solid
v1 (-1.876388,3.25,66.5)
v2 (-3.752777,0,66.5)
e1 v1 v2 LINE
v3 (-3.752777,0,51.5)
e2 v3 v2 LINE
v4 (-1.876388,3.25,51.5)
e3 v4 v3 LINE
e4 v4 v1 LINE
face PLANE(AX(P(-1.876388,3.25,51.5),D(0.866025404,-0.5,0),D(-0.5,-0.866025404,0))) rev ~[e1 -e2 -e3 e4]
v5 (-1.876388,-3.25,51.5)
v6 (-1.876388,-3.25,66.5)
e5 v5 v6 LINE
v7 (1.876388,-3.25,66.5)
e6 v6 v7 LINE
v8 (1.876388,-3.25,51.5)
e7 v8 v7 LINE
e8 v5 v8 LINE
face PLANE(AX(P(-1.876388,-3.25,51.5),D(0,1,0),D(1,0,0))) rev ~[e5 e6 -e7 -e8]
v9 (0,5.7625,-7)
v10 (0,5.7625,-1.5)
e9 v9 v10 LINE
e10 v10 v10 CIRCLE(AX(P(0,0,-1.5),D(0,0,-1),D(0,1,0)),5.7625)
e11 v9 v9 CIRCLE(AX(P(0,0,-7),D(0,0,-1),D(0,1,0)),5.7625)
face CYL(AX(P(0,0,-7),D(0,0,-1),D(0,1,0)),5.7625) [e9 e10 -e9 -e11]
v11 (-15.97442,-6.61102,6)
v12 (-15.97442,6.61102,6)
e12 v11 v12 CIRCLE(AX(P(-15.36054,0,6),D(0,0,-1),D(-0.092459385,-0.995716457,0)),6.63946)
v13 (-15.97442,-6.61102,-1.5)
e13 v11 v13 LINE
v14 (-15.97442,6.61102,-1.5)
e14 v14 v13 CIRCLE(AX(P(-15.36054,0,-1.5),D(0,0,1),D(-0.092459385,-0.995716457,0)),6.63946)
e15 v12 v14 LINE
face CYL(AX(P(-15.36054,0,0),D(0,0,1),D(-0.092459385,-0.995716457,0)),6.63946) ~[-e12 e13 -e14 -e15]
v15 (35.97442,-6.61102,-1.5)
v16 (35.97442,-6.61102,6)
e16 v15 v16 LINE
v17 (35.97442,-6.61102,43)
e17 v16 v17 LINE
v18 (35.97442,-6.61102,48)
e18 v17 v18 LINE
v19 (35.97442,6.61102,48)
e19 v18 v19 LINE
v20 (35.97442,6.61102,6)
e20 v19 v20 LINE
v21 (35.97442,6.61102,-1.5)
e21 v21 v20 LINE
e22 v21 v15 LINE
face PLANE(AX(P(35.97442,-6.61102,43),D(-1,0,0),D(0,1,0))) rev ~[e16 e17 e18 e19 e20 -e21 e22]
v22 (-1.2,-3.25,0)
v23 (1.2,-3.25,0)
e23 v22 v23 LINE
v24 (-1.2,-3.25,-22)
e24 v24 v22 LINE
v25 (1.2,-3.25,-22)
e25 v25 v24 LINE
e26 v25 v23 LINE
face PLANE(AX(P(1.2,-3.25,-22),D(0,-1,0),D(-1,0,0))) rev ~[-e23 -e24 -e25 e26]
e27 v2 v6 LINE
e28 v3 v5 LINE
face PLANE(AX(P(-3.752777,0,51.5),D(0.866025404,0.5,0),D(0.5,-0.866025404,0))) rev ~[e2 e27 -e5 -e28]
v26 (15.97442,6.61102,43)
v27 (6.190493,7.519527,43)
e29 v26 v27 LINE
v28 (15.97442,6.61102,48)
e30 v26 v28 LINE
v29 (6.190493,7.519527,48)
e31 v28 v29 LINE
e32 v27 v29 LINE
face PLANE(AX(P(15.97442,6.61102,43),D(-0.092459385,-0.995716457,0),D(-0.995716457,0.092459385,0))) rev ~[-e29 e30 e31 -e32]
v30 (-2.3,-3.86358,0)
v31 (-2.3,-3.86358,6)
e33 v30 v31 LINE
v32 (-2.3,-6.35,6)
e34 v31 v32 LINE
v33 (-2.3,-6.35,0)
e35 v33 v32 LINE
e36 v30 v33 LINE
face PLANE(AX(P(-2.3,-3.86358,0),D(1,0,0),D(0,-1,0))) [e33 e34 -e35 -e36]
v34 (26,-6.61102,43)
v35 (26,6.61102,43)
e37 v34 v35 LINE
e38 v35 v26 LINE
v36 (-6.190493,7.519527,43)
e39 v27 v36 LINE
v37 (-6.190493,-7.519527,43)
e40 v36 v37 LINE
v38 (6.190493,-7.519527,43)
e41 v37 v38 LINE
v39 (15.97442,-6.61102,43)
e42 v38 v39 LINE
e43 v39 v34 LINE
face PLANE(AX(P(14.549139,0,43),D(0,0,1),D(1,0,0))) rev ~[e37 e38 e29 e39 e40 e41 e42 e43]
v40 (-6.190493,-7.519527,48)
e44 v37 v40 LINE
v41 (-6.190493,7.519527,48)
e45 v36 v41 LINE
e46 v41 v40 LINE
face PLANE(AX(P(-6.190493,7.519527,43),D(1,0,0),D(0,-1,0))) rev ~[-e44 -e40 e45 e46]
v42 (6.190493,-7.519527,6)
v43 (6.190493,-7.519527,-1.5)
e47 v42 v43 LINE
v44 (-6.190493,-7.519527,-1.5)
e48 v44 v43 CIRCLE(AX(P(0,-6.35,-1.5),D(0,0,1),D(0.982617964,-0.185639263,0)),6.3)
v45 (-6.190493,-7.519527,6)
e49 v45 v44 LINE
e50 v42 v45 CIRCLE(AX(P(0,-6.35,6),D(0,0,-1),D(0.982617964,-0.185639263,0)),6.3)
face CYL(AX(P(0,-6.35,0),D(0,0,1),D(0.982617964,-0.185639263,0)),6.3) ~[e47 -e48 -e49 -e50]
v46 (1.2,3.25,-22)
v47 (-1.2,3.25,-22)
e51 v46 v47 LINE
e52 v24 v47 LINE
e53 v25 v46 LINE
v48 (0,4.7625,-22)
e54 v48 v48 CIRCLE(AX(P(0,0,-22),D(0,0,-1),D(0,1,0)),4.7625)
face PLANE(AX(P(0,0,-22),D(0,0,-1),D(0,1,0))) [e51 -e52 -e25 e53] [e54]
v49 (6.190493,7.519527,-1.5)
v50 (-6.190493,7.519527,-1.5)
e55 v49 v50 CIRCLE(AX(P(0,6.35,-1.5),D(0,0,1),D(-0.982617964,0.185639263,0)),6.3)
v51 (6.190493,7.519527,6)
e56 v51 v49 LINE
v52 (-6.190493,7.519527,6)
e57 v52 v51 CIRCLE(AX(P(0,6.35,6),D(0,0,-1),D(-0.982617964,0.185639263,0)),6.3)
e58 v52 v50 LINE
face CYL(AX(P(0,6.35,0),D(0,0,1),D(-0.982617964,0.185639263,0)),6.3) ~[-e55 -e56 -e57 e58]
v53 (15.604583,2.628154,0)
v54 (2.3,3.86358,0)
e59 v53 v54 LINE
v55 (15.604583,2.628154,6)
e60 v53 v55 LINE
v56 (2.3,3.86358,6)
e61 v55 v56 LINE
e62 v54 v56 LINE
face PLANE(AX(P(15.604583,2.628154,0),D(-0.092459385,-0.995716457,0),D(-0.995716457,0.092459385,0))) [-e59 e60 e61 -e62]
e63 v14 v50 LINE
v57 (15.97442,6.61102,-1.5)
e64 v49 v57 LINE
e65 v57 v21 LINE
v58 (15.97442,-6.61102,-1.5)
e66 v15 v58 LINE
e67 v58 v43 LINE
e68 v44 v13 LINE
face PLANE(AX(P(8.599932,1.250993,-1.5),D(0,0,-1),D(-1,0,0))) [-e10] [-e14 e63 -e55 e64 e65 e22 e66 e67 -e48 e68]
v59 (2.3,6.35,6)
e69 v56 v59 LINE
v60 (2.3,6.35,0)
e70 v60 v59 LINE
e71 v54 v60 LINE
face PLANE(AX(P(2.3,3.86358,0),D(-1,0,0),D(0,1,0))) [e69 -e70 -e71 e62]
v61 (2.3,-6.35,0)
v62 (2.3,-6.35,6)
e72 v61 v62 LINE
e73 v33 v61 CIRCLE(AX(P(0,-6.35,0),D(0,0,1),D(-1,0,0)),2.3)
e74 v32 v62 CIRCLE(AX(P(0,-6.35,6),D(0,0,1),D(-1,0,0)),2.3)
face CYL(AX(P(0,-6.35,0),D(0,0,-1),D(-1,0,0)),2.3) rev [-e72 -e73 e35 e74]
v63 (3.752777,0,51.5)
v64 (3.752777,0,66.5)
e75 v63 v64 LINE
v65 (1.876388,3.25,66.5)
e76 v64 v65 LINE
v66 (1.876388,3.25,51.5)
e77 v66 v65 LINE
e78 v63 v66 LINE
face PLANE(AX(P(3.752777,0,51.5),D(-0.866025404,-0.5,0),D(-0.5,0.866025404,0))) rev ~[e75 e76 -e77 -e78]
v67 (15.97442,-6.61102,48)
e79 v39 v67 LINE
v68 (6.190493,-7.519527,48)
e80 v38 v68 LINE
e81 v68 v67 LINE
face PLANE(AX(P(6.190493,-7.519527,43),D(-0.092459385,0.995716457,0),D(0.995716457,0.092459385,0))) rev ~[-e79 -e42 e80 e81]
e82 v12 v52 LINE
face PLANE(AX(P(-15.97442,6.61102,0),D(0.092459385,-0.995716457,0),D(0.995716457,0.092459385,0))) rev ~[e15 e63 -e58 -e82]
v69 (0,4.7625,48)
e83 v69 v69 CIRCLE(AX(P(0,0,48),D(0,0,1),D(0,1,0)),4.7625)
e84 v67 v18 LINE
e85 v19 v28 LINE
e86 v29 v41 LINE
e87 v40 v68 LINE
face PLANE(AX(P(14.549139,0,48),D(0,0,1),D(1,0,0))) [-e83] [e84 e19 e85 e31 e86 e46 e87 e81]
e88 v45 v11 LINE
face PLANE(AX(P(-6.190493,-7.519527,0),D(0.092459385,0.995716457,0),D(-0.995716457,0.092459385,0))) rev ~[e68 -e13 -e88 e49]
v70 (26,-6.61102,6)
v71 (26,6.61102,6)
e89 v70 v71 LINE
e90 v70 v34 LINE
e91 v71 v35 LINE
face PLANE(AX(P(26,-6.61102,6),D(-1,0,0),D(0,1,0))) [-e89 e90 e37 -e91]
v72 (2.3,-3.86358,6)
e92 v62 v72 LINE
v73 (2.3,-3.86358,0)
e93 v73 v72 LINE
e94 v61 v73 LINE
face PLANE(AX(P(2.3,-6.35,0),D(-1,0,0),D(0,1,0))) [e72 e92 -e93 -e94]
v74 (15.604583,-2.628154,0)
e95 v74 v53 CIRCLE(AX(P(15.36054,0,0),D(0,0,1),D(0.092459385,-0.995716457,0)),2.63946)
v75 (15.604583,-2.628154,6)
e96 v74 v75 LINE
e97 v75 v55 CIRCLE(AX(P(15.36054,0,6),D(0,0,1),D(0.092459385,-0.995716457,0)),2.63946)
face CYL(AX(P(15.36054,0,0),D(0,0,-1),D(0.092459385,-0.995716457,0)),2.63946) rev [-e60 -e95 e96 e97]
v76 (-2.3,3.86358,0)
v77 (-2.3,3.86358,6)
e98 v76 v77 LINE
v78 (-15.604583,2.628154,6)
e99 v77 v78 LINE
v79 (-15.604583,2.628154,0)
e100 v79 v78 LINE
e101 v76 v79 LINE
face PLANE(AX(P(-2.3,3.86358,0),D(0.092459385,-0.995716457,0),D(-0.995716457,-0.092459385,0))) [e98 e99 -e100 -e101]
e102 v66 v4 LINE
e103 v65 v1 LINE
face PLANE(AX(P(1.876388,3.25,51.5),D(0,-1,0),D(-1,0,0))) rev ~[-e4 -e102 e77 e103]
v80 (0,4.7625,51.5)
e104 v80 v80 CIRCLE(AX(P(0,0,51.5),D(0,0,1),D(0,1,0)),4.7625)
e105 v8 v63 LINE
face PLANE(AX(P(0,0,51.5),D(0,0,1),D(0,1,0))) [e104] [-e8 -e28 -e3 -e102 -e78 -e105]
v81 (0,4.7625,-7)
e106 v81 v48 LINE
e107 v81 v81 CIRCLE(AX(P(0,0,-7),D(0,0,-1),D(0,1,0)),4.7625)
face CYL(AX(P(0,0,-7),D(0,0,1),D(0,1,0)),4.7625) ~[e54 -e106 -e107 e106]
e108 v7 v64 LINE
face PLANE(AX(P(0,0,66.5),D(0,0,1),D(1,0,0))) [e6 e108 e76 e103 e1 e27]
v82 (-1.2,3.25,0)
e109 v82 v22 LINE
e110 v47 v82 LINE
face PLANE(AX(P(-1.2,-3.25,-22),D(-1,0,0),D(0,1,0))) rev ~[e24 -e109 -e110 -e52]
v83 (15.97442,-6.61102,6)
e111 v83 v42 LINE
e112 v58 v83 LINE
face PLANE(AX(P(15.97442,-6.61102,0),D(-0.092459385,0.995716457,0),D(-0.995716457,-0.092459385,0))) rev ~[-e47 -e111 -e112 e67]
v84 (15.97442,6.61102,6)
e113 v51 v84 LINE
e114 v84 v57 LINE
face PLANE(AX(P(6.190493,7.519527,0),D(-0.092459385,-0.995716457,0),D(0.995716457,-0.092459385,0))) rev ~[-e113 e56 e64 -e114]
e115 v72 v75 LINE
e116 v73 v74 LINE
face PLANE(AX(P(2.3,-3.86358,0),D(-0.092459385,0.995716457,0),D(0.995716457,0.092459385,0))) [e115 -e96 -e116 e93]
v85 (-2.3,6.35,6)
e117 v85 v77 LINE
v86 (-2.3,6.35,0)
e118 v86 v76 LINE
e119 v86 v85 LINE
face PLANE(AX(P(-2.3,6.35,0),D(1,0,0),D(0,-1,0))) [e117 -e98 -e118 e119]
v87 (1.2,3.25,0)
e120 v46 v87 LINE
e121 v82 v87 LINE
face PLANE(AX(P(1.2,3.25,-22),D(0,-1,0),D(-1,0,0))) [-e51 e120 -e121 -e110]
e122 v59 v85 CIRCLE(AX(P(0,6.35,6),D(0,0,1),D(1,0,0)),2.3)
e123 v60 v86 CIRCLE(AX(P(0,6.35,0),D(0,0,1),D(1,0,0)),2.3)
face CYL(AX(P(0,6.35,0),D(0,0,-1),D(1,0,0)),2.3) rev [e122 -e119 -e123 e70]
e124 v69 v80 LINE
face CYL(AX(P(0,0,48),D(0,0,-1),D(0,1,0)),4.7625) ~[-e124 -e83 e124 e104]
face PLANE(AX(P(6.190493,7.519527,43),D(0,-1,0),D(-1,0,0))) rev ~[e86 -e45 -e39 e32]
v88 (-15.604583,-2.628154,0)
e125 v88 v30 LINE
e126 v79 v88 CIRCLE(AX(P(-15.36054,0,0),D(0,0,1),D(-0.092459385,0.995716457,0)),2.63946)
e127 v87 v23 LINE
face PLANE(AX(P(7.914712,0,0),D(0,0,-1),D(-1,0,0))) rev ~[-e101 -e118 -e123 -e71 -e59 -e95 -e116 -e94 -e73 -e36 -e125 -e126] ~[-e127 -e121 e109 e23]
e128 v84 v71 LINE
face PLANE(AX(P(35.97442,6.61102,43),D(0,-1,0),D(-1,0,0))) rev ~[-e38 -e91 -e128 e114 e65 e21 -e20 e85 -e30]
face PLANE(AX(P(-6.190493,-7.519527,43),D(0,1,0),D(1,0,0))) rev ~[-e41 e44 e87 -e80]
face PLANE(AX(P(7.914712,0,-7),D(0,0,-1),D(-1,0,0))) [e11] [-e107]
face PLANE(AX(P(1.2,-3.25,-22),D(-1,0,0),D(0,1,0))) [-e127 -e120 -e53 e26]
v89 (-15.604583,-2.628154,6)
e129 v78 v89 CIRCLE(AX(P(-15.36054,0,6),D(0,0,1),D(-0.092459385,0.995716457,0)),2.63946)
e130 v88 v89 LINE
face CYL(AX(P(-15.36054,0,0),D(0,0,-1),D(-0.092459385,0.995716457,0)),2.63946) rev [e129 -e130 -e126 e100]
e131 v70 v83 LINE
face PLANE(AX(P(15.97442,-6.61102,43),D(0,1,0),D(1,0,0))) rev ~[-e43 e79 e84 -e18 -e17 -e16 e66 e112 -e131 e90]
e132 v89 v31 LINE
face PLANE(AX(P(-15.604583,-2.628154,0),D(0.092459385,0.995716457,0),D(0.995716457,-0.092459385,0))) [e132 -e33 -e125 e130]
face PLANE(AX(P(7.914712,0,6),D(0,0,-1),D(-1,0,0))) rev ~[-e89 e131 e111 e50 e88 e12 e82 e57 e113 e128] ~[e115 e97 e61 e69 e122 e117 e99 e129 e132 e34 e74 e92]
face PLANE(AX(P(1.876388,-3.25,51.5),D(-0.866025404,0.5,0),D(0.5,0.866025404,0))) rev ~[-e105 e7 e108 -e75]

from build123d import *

# Parameters (mm, degrees)
BOSS_EXTRUDE1_DEPTH = 6
BOSS_EXTRUDE2_DEPTH = 7
SKETCH4_R           = 4.7625
BOSS_EXTRUDE3_DEPTH = 15
CUT_EXTRUDE1_REACH  = 30
SKETCH5_W           = 2.4
SKETCH5_H           = 6.5
SKETCH8_W           = 9.974420143
SKETCH8_H           = 13.222039712
BOSS_EXTRUDE4_DEPTH = 37
BOSS_EXTRUDE5_DEPTH = 5
SKETCH12_R          = 4.7625
BOSS_EXTRUDE6_DEPTH = 3.5
BOSS_EXTRUDE7_DEPTH = 15
SKETCH14_W          = 83.87720003
SKETCH14_H          = 67.677452278
SKETCH14_R          = 5.7625
CUT_EXTRUDE2_DEPTH  = 5.5


with BuildPart() as part:
    # Sketch2 → Boss-Extrude1 (new body)
    with BuildSketch(Plane.XY):
        with BuildLine():
            Line((15.974420143, 6.611019856), (35.974420143, 6.611019856))
            Line((35.974420143, 6.611019856), (35.974420143, -6.611019856))
            Line((35.974420143, -6.611019856), (15.974420143, -6.611019856))
            Line((15.974420143, -6.611019856), (6.190493175, -7.51952736))
            ThreePointArc((6.190493175, -7.51952736), (0, -12.65), (-6.190493175, -7.51952736))
            Line((-6.190493175, -7.51952736), (-15.974420143, -6.611019856))
            ThreePointArc((-15.974420143, -6.611019856), (-22, 0), (-15.974420143, 6.611019856))
            Line((-15.974420143, 6.611019856), (-6.190493175, 7.51952736))
            ThreePointArc((-6.190493175, 7.51952736), (0, 12.65), (6.190493175, 7.51952736))
            Line((6.190493175, 7.51952736), (15.974420143, 6.611019856))
        make_face()
        with BuildLine():
            Line((15.604582602, 2.62815403), (2.3, 3.863579557))
            Line((2.3, 3.863579557), (2.3, 6.35))
            ThreePointArc((2.3, 6.35), (0, 8.65), (-2.3, 6.35))
            Line((-2.3, 6.35), (-2.3, 3.863579557))
            Line((-2.3, 3.863579557), (-15.604582602, 2.62815403))
            ThreePointArc((-15.604582602, 2.62815403), (-18, 0), (-15.604582602, -2.62815403))
            Line((-15.604582602, -2.62815403), (-2.3, -3.863579557))
            Line((-2.3, -3.863579557), (-2.3, -6.35))
            ThreePointArc((-2.3, -6.35), (0, -8.65), (2.3, -6.35))
            Line((2.3, -6.35), (2.3, -3.863579557))
            Line((2.3, -3.863579557), (15.604582602, -2.62815403))
            ThreePointArc((15.604582602, -2.62815403), (18, 0), (15.604582602, 2.62815403))
        make_face(mode=Mode.SUBTRACT)
    extrude(amount=BOSS_EXTRUDE1_DEPTH)

    # Sketch3 → Boss-Extrude2 (add)
    with BuildSketch(Plane(origin=(0, 0, 0), x_dir=(-1, 0, 0), z_dir=(0, 0, -1))):
        with BuildLine():
            Line((-15.974420143, -6.611019856), (-6.190493175, -7.51952736))
            ThreePointArc((-6.190493175, -7.51952736), (0, -12.65), (6.190493175, -7.51952736))
            Line((6.190493175, -7.51952736), (15.974420143, -6.611019856))
            ThreePointArc((15.974420143, -6.611019856), (22, 0), (15.974420143, 6.611019856))
            Line((15.974420143, 6.611019856), (6.190493175, 7.51952736))
            ThreePointArc((6.190493175, 7.51952736), (0, 12.65), (-6.190493175, 7.51952736))
            Line((-6.190493175, 7.51952736), (-15.974420143, 6.611019856))
            Line((-15.974420143, 6.611019856), (-35.974420143, 6.611019856))
            Line((-35.974420143, 6.611019856), (-35.974420143, -6.611019856))
            Line((-35.974420143, -6.611019856), (-15.974420143, -6.611019856))
        make_face()
    extrude(amount=BOSS_EXTRUDE2_DEPTH)

    # Sketch4 → Boss-Extrude3 (add)
    with BuildSketch(Plane(origin=(0, 0, -7), x_dir=(-1, 0, 0), z_dir=(0, 0, -1))):
        with Locations(Location((0, 0, 0), (0, 0, 90))):  # turned: the seam where the file's is
            Circle(SKETCH4_R)
    extrude(amount=BOSS_EXTRUDE3_DEPTH)

    # Sketch5 → Cut-Extrude1 (cut, up to next)
    with BuildSketch(Plane(origin=(0, 0, -22), x_dir=(-1, 0, 0), z_dir=(0, 0, -1)), mode=Mode.PRIVATE) as cut_extrude1_sk1:
        Rectangle(SKETCH5_W, SKETCH5_H)
    cut_extrude1_tool1 = extrude(cut_extrude1_sk1.sketch, amount=-CUT_EXTRUDE1_REACH, mode=Mode.PRIVATE) & part.part
    add(cut_extrude1_tool1.solids().sort_by_distance((0, 0, -22))[0], mode=Mode.SUBTRACT)

    # Sketch8 → Boss-Extrude4 (add)
    with BuildSketch(Plane.XY.offset(6)):
        with Locations((30.987210072, 0)):
            Rectangle(SKETCH8_W, SKETCH8_H)
    extrude(amount=BOSS_EXTRUDE4_DEPTH)

    # Sketch10 → Boss-Extrude5 (add)
    with BuildSketch(Plane.XY.offset(43)):
        Polygon((35.974420143, 6.611019856), (15.974420143, 6.611019856), (6.190493175, 7.51952736), (-6.190493175, 7.51952736), (-6.190493175, -7.51952736), (6.190493175, -7.51952736), (15.974420143, -6.611019856), (35.974420143, -6.611019856), align=None)
    extrude(amount=BOSS_EXTRUDE5_DEPTH)

    # Sketch12 → Boss-Extrude6 (add)
    with BuildSketch(Plane.XY.offset(48)):
        with Locations(Location((0, 0, 0), (0, 0, 90))):  # turned: the seam where the file's is
            Circle(SKETCH12_R)
    extrude(amount=BOSS_EXTRUDE6_DEPTH)

    # Sketch13 → Boss-Extrude7 (add)
    with BuildSketch(Plane.XY.offset(51.5)):
        Polygon((3.75277675, 0), (1.876388375, 3.25), (-1.876388375, 3.25), (-3.75277675, 0), (-1.876388375, -3.25), (1.876388375, -3.25), align=None)
    extrude(amount=BOSS_EXTRUDE7_DEPTH)

    # Sketch14 → Cut-Extrude2 (cut)
    with BuildSketch(Plane(origin=(0, 0, -7), x_dir=(-1, 0, 0), z_dir=(0, 0, -1))):
        with Locations((-8.599932489, 1.250992594)):
            Rectangle(SKETCH14_W, SKETCH14_H)
        with BuildLine():
            Line((-35.974420143, -6.611019856), (-15.974420143, -6.611019856))
            Line((-15.974420143, -6.611019856), (-6.190493175, -7.51952736))
            ThreePointArc((-6.190493175, -7.51952736), (0, -12.65), (6.190493175, -7.51952736))
            Line((6.190493175, -7.51952736), (15.974420143, -6.611019856))
            ThreePointArc((15.974420143, -6.611019856), (22, 0), (15.974420143, 6.611019856))
            Line((15.974420143, 6.611019856), (6.190493175, 7.51952736))
            ThreePointArc((6.190493175, 7.51952736), (0, 12.65), (-6.190493175, 7.51952736))
            Line((-6.190493175, 7.51952736), (-15.974420143, 6.611019856))
            Line((-15.974420143, 6.611019856), (-35.974420143, 6.611019856))
            Line((-35.974420143, 6.611019856), (-35.974420143, -6.611019856))
        make_face(mode=Mode.SUBTRACT)
        with BuildLine():
            Line((-35.974420143, 6.611019856), (-35.974420143, -6.611019856))
            Line((-35.974420143, -6.611019856), (-15.974420143, -6.611019856))
            Line((-15.974420143, -6.611019856), (-6.190493175, -7.51952736))
            ThreePointArc((-6.190493175, -7.51952736), (0, -12.65), (6.190493175, -7.51952736))
            Line((6.190493175, -7.51952736), (15.974420143, -6.611019856))
            ThreePointArc((15.974420143, -6.611019856), (22, 0), (15.974420143, 6.611019856))
            Line((15.974420143, 6.611019856), (6.190493175, 7.51952736))
            ThreePointArc((6.190493175, 7.51952736), (0, 12.65), (-6.190493175, 7.51952736))
            Line((-6.190493175, 7.51952736), (-15.974420143, 6.611019856))
            Line((-15.974420143, 6.611019856), (-35.974420143, 6.611019856))
        make_face()
        with Locations(Location((0, 0, 0), (0, 0, 90))):  # turned: the seam where the file's is
            Circle(SKETCH14_R, mode=Mode.SUBTRACT)
    extrude(amount=-CUT_EXTRUDE2_DEPTH, mode=Mode.SUBTRACT)


solid = part.part
